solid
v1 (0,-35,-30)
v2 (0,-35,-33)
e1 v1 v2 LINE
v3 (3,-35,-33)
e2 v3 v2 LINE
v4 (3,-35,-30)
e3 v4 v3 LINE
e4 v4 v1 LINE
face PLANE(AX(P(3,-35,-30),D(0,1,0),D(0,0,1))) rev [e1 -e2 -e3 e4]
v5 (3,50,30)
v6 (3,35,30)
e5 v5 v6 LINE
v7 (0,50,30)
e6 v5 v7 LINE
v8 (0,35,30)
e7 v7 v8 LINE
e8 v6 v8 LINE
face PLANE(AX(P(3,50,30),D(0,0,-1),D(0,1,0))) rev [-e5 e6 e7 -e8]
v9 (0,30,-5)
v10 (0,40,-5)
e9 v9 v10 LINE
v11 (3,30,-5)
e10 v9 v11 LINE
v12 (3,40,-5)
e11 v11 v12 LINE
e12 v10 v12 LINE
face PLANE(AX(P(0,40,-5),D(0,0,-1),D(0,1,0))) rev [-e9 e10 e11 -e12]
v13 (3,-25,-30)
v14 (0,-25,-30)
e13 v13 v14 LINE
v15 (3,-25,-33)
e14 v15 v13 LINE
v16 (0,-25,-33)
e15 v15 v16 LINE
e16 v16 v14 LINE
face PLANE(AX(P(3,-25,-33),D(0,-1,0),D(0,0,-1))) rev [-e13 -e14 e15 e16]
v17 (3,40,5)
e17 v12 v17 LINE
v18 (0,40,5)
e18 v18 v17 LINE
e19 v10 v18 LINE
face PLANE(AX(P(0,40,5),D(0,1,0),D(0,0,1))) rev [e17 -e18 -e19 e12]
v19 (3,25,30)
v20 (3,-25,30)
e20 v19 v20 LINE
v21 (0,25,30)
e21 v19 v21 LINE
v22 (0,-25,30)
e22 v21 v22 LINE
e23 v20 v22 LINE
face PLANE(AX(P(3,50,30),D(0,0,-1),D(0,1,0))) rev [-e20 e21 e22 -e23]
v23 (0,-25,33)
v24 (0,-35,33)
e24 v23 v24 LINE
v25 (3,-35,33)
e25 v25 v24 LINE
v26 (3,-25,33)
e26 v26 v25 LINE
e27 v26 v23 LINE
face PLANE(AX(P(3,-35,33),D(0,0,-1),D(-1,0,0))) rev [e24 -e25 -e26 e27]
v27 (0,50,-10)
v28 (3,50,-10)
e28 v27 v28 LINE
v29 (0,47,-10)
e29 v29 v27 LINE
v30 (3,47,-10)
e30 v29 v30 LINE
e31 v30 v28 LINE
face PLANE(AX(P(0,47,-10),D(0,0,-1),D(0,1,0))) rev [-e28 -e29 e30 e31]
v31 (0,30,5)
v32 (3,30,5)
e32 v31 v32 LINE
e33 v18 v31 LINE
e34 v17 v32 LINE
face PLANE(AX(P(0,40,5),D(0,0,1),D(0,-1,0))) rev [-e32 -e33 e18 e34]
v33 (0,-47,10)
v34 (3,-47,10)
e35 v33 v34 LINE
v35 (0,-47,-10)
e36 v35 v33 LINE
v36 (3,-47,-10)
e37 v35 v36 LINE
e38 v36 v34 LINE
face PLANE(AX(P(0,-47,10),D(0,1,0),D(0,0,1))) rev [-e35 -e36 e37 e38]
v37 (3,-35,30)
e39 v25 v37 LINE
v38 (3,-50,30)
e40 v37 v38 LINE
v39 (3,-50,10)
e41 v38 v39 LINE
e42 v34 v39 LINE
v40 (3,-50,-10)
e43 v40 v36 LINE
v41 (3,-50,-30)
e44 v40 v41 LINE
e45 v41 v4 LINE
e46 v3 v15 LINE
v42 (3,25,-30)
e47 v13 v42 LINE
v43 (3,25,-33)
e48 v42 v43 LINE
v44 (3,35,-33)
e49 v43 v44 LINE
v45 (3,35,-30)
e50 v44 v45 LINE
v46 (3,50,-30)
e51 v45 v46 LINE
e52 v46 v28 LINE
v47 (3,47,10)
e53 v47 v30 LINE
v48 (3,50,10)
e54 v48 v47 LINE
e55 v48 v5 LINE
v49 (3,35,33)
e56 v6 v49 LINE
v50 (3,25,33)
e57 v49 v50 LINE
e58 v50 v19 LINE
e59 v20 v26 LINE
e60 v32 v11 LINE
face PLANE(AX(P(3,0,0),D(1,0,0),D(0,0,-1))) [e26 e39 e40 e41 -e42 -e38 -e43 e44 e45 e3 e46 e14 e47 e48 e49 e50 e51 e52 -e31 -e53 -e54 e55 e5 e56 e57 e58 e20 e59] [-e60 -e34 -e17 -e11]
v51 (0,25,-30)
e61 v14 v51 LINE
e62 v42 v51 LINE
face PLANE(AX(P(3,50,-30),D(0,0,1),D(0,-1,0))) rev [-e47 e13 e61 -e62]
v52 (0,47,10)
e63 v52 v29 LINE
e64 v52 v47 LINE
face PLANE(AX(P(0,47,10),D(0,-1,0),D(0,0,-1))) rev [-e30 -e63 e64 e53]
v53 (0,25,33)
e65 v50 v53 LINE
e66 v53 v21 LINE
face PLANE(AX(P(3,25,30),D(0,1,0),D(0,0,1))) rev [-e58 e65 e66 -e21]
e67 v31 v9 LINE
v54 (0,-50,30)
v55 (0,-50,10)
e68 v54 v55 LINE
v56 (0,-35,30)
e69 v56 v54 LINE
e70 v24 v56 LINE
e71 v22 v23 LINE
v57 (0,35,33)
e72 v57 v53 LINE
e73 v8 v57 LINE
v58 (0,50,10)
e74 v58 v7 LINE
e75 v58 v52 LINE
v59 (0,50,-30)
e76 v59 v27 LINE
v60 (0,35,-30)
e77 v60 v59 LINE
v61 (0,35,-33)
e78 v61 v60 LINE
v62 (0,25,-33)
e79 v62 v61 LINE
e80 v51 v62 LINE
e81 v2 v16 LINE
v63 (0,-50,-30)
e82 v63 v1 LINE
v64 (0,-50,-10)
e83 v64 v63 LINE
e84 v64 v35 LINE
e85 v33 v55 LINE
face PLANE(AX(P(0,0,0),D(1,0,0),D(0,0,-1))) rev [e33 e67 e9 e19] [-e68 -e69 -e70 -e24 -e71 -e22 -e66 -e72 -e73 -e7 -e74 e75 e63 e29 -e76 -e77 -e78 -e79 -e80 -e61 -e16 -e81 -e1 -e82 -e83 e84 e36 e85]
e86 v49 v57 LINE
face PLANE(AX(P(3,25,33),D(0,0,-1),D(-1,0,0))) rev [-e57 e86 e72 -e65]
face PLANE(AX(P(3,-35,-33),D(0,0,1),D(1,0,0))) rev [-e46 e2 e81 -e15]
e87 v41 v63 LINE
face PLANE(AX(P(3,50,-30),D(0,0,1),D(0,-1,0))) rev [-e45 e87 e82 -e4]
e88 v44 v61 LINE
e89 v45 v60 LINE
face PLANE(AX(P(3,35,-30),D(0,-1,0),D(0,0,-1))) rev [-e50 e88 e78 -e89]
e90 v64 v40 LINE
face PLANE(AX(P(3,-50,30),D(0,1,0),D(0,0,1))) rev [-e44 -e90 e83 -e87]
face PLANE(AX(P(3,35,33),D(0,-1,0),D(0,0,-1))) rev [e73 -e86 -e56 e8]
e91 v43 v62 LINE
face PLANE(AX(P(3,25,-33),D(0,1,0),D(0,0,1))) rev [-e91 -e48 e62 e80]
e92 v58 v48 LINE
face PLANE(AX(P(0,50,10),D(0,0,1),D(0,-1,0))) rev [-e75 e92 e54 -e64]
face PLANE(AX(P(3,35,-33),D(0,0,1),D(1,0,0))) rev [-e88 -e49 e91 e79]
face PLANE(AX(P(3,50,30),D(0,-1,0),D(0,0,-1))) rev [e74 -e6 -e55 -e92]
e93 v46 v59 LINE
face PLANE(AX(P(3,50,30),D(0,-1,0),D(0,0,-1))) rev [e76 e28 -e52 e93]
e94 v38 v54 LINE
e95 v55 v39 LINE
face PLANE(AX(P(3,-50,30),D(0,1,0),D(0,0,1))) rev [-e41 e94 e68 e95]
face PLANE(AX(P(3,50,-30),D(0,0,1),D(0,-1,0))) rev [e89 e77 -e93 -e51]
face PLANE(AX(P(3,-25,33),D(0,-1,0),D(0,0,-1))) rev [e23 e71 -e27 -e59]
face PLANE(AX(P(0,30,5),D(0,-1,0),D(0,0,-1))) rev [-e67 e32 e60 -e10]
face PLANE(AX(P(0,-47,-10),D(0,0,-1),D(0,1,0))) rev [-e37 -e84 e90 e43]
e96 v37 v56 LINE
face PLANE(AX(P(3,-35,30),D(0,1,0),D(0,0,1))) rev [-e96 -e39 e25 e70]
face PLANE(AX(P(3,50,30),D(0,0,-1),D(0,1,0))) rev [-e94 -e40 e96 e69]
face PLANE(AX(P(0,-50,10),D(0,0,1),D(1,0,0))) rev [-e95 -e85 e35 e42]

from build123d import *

# Parameters (mm, degrees)
SKETCH1_W           = 60
SKETCH1_H           = 100
BOSS_EXTRUDE1_DEPTH = 3
SKETCH2_W           = 3
SKETCH2_H           = 10
BOSS_EXTRUDE2_DEPTH = 3
SKETCH3_W           = 20
SKETCH3_H           = 3
CUT_EXTRUDE1_DEPTH  = 3
SKETCH4_W           = 10
SKETCH4_H           = 10
CUT_EXTRUDE2_DEPTH  = 3


with BuildPart() as part:
    # Sketch1 → Boss-Extrude1 (new body)
    with BuildSketch(Plane(origin=(0, 0, 0), x_dir=(0, 0, -1), z_dir=(1, 0, 0))):
        Rectangle(SKETCH1_W, SKETCH1_H)
    extrude(amount=BOSS_EXTRUDE1_DEPTH)

    # Sketch2 → Boss-Extrude2 (add)
    with BuildSketch(Plane(origin=(0, 0, 0), x_dir=(0, 0, -1), z_dir=(1, 0, 0))):
        with Locations((-31.5, -30)):
            Rectangle(SKETCH2_W, SKETCH2_H)
        with Locations((-31.5, 30)):
            Rectangle(SKETCH2_W, SKETCH2_H)
        with Locations((31.5, 30)):
            Rectangle(SKETCH2_W, SKETCH2_H)
        with Locations((31.5, -30)):
            Rectangle(SKETCH2_W, SKETCH2_H)
    extrude(amount=BOSS_EXTRUDE2_DEPTH)

    # Sketch3 → Cut-Extrude1 (cut)
    with BuildSketch(Plane(origin=(3, 0, 0), x_dir=(0, 0, -1), z_dir=(1, 0, 0))):
        with Locations((0, 48.5)):
            Rectangle(SKETCH3_W, SKETCH3_H)
        with Locations((0, -48.5)):
            Rectangle(SKETCH3_W, SKETCH3_H)
    extrude(amount=-CUT_EXTRUDE1_DEPTH, mode=Mode.SUBTRACT)

    # Sketch4 → Cut-Extrude2 (cut)
    with BuildSketch(Plane(origin=(3, 0, 0), x_dir=(0, 0, -1), z_dir=(1, 0, 0))):
        with Locations((0, 35)):
            Rectangle(SKETCH4_W, SKETCH4_H)
    extrude(amount=-CUT_EXTRUDE2_DEPTH, mode=Mode.SUBTRACT)


solid = part.part
